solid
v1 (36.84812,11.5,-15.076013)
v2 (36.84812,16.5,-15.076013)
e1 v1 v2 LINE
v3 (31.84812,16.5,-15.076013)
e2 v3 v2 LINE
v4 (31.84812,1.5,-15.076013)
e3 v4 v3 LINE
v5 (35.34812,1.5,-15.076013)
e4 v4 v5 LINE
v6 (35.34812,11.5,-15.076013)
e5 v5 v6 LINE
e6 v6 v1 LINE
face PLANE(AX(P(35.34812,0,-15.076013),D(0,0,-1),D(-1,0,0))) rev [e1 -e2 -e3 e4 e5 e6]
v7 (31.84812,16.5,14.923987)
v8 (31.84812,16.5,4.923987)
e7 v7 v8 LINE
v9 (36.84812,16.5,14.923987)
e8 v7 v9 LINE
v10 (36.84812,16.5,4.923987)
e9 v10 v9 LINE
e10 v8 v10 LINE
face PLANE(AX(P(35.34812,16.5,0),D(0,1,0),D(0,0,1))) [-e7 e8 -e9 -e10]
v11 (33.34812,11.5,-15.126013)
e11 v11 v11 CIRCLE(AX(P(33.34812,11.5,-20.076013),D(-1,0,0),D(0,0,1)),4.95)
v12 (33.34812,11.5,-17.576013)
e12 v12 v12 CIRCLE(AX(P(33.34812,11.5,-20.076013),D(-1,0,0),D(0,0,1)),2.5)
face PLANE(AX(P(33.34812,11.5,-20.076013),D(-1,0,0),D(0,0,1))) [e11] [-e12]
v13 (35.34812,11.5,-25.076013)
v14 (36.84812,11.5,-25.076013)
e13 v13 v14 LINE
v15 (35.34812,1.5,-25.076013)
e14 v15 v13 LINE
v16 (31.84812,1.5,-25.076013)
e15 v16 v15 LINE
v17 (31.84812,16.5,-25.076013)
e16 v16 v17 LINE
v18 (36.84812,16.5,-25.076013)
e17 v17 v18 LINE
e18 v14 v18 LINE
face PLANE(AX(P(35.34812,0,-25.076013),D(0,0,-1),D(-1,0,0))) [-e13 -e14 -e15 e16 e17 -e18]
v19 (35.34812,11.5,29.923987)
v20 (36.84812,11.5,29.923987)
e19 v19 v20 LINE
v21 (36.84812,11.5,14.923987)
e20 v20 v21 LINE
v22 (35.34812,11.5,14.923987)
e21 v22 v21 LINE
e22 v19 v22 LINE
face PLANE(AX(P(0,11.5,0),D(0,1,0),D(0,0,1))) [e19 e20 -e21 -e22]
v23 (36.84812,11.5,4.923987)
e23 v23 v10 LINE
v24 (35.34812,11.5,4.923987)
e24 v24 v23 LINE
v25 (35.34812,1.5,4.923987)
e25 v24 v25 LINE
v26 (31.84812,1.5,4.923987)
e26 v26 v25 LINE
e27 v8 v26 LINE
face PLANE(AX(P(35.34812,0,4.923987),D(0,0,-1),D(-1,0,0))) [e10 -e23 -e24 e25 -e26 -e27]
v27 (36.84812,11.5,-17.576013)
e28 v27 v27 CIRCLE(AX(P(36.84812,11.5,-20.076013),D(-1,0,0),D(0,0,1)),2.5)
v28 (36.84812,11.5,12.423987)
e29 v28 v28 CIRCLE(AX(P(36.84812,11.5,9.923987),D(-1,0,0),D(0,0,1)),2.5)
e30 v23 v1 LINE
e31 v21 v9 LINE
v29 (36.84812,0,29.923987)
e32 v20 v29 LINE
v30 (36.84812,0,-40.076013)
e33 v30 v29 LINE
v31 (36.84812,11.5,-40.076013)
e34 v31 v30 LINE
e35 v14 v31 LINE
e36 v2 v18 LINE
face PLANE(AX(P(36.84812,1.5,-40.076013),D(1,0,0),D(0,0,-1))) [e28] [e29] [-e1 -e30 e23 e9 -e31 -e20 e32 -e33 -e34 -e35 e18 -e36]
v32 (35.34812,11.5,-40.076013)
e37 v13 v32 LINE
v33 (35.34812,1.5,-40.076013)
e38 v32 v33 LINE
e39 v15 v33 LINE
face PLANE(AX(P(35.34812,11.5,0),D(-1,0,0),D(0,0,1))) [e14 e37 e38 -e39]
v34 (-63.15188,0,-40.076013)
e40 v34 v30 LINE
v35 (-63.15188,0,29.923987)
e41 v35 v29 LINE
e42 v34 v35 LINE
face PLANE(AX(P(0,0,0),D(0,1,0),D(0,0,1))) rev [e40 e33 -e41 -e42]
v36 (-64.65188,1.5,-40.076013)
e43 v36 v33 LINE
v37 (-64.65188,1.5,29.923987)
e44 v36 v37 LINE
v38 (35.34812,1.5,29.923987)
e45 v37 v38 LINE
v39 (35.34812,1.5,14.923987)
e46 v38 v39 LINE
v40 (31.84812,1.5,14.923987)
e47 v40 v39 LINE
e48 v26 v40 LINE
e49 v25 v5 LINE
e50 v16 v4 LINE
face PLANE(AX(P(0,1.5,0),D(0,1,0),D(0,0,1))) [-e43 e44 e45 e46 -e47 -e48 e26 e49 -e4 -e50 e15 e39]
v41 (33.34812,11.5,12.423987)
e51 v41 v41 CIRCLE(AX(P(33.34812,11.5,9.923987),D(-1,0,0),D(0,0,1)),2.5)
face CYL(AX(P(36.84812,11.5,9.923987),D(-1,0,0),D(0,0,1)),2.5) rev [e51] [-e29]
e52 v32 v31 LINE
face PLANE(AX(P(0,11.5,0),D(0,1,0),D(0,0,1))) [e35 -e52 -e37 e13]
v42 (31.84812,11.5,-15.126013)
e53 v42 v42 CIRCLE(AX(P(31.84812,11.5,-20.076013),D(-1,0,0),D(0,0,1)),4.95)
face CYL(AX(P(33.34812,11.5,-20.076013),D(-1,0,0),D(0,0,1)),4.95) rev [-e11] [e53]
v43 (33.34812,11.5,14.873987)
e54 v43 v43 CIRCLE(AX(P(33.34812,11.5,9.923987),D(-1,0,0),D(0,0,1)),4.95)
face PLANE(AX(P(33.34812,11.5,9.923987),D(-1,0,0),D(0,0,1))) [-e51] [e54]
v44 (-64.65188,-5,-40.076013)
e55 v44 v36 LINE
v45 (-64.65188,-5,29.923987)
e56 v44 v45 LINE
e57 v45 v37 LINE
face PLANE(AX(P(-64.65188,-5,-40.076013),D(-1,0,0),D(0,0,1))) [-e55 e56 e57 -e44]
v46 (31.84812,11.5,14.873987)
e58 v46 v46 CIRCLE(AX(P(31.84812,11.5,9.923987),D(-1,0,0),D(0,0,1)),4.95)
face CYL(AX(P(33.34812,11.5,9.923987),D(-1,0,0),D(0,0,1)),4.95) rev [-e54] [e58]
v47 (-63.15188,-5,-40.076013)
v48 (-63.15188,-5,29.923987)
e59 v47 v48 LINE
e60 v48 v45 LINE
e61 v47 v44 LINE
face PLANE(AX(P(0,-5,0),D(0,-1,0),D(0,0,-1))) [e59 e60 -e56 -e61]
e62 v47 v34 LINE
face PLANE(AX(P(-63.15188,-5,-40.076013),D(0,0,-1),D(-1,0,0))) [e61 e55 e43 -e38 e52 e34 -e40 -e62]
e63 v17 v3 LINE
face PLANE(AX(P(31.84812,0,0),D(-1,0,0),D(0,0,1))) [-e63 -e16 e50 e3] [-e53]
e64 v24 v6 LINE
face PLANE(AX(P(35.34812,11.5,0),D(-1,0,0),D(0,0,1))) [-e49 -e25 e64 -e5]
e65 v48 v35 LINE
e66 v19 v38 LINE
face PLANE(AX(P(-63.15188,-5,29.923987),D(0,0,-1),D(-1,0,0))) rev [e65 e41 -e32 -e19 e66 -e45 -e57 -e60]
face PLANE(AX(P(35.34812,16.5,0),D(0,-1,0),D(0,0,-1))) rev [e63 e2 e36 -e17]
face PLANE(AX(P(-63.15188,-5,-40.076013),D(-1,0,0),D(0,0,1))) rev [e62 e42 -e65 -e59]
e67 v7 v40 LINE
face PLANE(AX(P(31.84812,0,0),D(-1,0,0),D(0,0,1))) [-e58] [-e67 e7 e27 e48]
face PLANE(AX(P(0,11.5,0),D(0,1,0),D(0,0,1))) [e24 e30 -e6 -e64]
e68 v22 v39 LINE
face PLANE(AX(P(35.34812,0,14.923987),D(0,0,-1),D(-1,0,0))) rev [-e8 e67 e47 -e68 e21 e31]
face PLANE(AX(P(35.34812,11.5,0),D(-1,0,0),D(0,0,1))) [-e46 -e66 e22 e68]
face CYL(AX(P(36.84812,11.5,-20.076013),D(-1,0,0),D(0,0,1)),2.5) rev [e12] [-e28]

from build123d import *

# Parameters (mm, degrees)
SKETCH1_W           = 1.5
SKETCH1_H           = 70
BOSS_EXTRUDE1_DEPTH = 5
SKETCH1_3_W         = 101.5
SKETCH1_3_H         = 70
BOSS_EXTRUDE2_DEPTH = 1.5
BOSS_EXTRUDE3_START = 1.5
SKETCH1_4_W         = 1.5
SKETCH1_4_H         = 70
BOSS_EXTRUDE3_DEPTH = 10
SKETCH2_W           = 10
SKETCH2_H           = 5
BOSS_EXTRUDE4_DEPTH = 1.5
BOSS_EXTRUDE5_START = -1.5
SKETCH2_4_W         = 10
SKETCH2_4_H         = 5
BOSS_EXTRUDE5_DEPTH = 3.5
SKETCH4_R           = 4.95
SKETCH4_R_2         = 2.5
CUT_EXTRUDE1_DEPTH  = 1.5
SKETCH4_2_R         = 2.5
CUT_EXTRUDE2_DEPTH  = 106.785569976


with BuildPart() as part:
    # Sketch1 → Boss-Extrude1 (new body)
    with BuildSketch(Plane(origin=(0, 0, 0), x_dir=(1, 0, 0), z_dir=(0, 1, 0))):
        with Locations((-63.901879758, 5.076012966)):
            Rectangle(SKETCH1_W, SKETCH1_H)
    extrude(amount=-BOSS_EXTRUDE1_DEPTH)

    # Sketch1<3> → Boss-Extrude2 (add)
    with BuildSketch(Plane(origin=(0, 0, 0), x_dir=(1, 0, 0), z_dir=(0, 1, 0))):
        with Locations((-13.901879758, 5.076012966)):
            Rectangle(SKETCH1_3_W, SKETCH1_3_H)
    extrude(amount=BOSS_EXTRUDE2_DEPTH)

    # Sketch1<4> → Boss-Extrude3 (add)
    with BuildSketch(Plane(origin=(0, 0, 0), x_dir=(1, 0, 0), z_dir=(0, 1, 0)).offset(BOSS_EXTRUDE3_START)):
        with Locations((36.098120242, 5.076012966)):
            Rectangle(SKETCH1_4_W, SKETCH1_4_H)
    extrude(amount=BOSS_EXTRUDE3_DEPTH)

    # Sketch2 → Boss-Extrude4 (add)
    with BuildSketch(Plane(origin=(36.848120242, 0, 0), x_dir=(0, 0, -1), z_dir=(1, 0, 0))):
        with Locations((-9.923987034, 14)):
            Rectangle(SKETCH2_W, SKETCH2_H)
        with Locations((20.076012966, 14)):
            Rectangle(SKETCH2_W, SKETCH2_H)
    extrude(amount=-BOSS_EXTRUDE4_DEPTH)

    # Sketch2<4> → Boss-Extrude5 (add)
    with BuildSketch(Plane(origin=(36.848120242, 0, 0), x_dir=(0, 0, -1), z_dir=(1, 0, 0)).offset(BOSS_EXTRUDE5_START)):
        with Locations((-9.923987034, 14)):
            Rectangle(SKETCH2_4_W, SKETCH2_4_H)
        with Locations((-9.923987034, 9)):
            Rectangle(SKETCH2_4_W, SKETCH2_4_H)
        with Locations((20.076012966, 9)):
            Rectangle(SKETCH2_4_W, SKETCH2_4_H)
        with Locations((20.076012966, 14)):
            Rectangle(SKETCH2_4_W, SKETCH2_4_H)
        with Locations((-9.923987034, 4)):
            Rectangle(SKETCH2_4_W, SKETCH2_4_H)
        with Locations((20.076012966, 4)):
            Rectangle(SKETCH2_4_W, SKETCH2_4_H)
    extrude(amount=-BOSS_EXTRUDE5_DEPTH)

    # Sketch4 → Cut-Extrude1 (cut)
    # profile 1 of 2: a face of its own
    with BuildSketch(Plane.ZY.offset(-31.848120242)):
        with Locations((-20.076012966, 11.5)):
            Circle(SKETCH4_R)
        with Locations((-20.076012966, 11.5)):
            Circle(SKETCH4_R_2, mode=Mode.SUBTRACT)
    # profile 2 of 2: a face of its own
    with BuildSketch(Plane.ZY.offset(-31.848120242)):
        with Locations((9.923987034, 11.5)):
            Circle(SKETCH4_R)
        with Locations((9.923987034, 11.5)):
            Circle(SKETCH4_R_2, mode=Mode.SUBTRACT)
    extrude(amount=-CUT_EXTRUDE1_DEPTH, mode=Mode.SUBTRACT)

    # Sketch4<2> → Cut-Extrude2 (cut, through all)
    with BuildSketch(Plane.ZY.offset(-31.848120242)):
        with Locations((-20.076012966, 11.5)):
            Circle(SKETCH4_2_R)
        with Locations((9.923987034, 11.5)):
            Circle(SKETCH4_2_R)
    extrude(amount=-CUT_EXTRUDE2_DEPTH, mode=Mode.SUBTRACT)


solid = part.part
